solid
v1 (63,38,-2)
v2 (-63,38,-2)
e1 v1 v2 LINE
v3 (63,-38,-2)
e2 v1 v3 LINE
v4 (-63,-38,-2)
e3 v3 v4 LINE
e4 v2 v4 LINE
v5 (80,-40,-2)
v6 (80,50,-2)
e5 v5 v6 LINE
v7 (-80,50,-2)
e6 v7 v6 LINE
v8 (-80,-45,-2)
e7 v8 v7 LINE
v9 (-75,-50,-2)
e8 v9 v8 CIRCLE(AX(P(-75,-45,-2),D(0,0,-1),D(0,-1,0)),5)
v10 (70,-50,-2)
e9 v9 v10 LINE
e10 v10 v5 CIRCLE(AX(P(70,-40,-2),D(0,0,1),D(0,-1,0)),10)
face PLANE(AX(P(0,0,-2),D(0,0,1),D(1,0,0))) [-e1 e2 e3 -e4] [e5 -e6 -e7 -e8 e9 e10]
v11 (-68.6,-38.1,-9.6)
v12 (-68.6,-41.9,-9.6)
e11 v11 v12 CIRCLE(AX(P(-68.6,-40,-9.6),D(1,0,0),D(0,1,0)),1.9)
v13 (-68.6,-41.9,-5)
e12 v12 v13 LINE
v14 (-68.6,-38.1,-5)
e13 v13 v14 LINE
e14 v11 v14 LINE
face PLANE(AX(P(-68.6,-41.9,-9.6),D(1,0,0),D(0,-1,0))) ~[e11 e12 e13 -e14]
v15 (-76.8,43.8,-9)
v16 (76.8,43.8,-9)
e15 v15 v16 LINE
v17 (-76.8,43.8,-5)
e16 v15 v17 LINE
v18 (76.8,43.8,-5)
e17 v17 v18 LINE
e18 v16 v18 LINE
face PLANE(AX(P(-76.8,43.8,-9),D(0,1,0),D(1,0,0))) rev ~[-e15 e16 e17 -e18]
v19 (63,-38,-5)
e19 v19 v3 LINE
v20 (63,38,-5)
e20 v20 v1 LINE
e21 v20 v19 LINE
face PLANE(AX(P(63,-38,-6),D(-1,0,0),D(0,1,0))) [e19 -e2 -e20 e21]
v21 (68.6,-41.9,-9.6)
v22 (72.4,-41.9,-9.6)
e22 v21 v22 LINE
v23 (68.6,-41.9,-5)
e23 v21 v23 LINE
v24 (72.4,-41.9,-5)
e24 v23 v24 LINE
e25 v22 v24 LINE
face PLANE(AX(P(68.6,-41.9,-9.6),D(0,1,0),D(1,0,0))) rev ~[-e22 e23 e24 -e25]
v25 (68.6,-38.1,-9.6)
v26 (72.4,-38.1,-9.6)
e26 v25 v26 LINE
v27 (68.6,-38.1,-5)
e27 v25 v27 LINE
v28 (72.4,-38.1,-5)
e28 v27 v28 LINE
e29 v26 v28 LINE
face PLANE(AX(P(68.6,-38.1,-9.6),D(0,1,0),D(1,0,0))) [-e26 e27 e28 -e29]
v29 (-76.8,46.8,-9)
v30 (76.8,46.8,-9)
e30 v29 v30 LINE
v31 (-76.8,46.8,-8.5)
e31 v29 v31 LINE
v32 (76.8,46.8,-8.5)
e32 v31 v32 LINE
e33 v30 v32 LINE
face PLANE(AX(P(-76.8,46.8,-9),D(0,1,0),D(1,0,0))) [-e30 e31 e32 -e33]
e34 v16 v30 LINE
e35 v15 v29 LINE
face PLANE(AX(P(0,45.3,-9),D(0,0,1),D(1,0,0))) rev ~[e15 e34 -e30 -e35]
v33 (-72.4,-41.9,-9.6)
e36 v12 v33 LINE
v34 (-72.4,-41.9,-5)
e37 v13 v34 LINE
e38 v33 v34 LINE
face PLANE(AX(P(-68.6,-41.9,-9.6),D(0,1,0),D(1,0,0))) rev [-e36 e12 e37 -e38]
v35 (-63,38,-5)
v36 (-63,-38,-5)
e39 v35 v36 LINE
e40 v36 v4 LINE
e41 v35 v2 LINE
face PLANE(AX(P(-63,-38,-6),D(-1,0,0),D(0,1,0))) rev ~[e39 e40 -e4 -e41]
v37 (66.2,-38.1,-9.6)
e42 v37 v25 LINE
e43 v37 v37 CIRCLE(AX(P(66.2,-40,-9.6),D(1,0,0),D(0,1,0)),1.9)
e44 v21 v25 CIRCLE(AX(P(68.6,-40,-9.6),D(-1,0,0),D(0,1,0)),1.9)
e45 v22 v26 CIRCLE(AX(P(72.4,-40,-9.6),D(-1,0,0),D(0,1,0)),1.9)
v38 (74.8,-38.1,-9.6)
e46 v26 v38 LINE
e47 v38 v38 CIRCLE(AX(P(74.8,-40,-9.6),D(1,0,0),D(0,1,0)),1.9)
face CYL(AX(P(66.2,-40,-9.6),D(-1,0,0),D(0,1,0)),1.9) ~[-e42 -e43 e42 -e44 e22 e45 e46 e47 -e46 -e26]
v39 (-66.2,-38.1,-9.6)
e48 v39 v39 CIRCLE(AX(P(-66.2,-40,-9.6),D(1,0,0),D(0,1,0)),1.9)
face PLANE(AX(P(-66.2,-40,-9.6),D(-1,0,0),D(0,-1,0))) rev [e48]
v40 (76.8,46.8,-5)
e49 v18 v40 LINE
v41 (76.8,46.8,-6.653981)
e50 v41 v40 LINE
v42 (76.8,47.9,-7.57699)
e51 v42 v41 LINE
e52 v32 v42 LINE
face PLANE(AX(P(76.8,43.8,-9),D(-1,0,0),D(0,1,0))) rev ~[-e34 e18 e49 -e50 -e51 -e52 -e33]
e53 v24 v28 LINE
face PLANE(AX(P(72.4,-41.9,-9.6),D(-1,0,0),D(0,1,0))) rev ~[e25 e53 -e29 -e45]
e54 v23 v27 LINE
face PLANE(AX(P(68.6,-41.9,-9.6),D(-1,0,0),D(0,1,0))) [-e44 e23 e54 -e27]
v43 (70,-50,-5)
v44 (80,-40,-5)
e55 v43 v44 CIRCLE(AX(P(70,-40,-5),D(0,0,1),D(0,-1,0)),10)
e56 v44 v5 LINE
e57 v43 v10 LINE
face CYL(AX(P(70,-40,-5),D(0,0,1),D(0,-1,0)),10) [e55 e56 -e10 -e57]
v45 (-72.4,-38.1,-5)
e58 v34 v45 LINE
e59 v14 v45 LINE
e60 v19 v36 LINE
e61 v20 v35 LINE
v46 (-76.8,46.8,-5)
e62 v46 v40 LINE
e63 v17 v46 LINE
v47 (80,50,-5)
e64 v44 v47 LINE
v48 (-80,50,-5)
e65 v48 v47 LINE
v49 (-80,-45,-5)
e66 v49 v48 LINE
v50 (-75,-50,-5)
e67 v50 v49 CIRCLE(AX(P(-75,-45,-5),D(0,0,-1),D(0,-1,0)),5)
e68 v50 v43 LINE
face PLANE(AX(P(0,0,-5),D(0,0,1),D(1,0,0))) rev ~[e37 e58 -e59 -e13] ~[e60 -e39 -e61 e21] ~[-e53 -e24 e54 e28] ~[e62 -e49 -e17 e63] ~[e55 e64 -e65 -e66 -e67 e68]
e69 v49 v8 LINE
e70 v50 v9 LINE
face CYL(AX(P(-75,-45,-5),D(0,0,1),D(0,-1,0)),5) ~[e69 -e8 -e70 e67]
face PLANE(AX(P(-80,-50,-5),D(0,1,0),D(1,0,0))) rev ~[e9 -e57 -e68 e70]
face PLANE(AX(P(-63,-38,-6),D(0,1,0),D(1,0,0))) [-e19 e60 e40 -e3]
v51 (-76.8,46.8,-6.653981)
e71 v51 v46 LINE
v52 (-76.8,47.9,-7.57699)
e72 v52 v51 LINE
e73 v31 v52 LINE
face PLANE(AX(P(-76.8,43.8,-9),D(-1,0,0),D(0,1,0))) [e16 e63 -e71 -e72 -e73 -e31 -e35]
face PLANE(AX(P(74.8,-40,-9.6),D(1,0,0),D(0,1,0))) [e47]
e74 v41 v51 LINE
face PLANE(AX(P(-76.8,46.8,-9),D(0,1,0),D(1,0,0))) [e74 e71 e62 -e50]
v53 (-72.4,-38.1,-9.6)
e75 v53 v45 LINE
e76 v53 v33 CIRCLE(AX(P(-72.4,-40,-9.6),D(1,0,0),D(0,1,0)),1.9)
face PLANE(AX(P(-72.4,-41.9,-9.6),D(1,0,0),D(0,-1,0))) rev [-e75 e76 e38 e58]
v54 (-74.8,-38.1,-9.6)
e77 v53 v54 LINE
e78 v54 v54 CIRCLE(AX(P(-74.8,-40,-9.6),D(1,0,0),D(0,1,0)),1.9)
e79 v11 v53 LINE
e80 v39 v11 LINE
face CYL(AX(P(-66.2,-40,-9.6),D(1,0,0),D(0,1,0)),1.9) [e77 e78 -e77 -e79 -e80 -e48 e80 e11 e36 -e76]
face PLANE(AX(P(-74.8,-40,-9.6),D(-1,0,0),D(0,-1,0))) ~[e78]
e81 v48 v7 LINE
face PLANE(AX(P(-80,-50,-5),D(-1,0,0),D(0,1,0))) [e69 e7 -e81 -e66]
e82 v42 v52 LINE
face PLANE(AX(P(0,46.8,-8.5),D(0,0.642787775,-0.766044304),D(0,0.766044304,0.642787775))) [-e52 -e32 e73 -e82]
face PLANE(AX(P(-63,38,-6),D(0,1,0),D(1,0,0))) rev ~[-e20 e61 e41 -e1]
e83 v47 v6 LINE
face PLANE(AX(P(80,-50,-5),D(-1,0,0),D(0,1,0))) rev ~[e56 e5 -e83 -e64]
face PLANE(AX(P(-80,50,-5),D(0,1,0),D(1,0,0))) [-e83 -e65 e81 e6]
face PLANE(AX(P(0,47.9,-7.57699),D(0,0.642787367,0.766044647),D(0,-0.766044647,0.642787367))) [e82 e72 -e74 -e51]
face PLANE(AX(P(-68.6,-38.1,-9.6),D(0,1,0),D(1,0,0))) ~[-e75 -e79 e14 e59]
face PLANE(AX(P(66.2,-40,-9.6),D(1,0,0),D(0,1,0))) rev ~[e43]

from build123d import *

# Parameters (mm, degrees)
BOX_W             = 160
BOX_H             = 100
BOX_DEPTH         = 3
BOX001_W          = 126
BOX001_H          = 76
BOX001_DEPTH      = 5
BOX023_W          = 153.6
BOX023_H          = 3
BOX023_DEPTH      = 4
BOX024_W          = 3.8
BOX024_H          = 3.8
BOX024_DEPTH      = 4.6
CYLINDER012_R     = 1.9
CYLINDER012_DEPTH = 8.6
FILLET_R          = 10
FILLET015_R       = 5
PAD021_DEPTH      = 76.8


with BuildPart() as part:
    # Box → Box (join)
    with BuildSketch(Plane(origin=(-80, -50, -5), x_dir=(1, 0, 0), z_dir=(0, 0, 1))):
        with Locations((80, 50)):
            Rectangle(BOX_W, BOX_H)
    extrude(amount=BOX_DEPTH)

    # Box001 → Box001 (cut)
    with BuildSketch(Plane(origin=(-63, -38, -6), x_dir=(1, 0, 0), z_dir=(0, 0, 1))):
        with Locations((63, 38)):
            Rectangle(BOX001_W, BOX001_H)
    extrude(amount=BOX001_DEPTH, mode=Mode.SUBTRACT)

    # Box023 → Box023 (join)
    with BuildSketch(Plane(origin=(-76.8, 43.8, -9), x_dir=(1, 0, 0), z_dir=(0, 0, 1))):
        with Locations((76.8, 1.5)):
            Rectangle(BOX023_W, BOX023_H)
    extrude(amount=BOX023_DEPTH)

    # Box024 → Box024 (join)
    with BuildSketch(Plane(origin=(68.6, -41.9, -9.6), x_dir=(1, 0, 0), z_dir=(0, 0, 1))):
        with Locations((1.9, 1.9)):
            Rectangle(BOX024_W, BOX024_H)
    box024 = extrude(amount=BOX024_DEPTH)

    # Cylinder012 → Cylinder012 (join)
    with BuildSketch(Plane(origin=(66.2, -40, -9.6), x_dir=(0, 1, 0), z_dir=(1, 0, 0))):
        Circle(CYLINDER012_R)
    cylinder012 = extrude(amount=CYLINDER012_DEPTH)

    # Mirrored006: Box024, Cylinder012 across YZ
    add(box024.mirror(Plane.YZ))
    add(cylinder012.mirror(Plane.YZ))

    # Fillet
    fillet_edges = [part.edges().sort_by_distance(p)[0] for p in [
        (80, -50, -3.5),
    ]]
    fillet(fillet_edges, radius=FILLET_R)

    # Fillet015
    fillet015_edges = [part.edges().sort_by_distance(p)[0] for p in [
        (-80, -50, -3.5),
    ]]
    fillet(fillet015_edges, radius=FILLET015_R)

    # Sketch038 → Pad021 (join, symmetric)
    with BuildSketch(Plane.YZ):
        Polygon((46.8, -6.653981), (46.8, -8.5), (47.9, -7.57699), align=None)
    extrude(amount=PAD021_DEPTH, both=True)


solid = part.part
